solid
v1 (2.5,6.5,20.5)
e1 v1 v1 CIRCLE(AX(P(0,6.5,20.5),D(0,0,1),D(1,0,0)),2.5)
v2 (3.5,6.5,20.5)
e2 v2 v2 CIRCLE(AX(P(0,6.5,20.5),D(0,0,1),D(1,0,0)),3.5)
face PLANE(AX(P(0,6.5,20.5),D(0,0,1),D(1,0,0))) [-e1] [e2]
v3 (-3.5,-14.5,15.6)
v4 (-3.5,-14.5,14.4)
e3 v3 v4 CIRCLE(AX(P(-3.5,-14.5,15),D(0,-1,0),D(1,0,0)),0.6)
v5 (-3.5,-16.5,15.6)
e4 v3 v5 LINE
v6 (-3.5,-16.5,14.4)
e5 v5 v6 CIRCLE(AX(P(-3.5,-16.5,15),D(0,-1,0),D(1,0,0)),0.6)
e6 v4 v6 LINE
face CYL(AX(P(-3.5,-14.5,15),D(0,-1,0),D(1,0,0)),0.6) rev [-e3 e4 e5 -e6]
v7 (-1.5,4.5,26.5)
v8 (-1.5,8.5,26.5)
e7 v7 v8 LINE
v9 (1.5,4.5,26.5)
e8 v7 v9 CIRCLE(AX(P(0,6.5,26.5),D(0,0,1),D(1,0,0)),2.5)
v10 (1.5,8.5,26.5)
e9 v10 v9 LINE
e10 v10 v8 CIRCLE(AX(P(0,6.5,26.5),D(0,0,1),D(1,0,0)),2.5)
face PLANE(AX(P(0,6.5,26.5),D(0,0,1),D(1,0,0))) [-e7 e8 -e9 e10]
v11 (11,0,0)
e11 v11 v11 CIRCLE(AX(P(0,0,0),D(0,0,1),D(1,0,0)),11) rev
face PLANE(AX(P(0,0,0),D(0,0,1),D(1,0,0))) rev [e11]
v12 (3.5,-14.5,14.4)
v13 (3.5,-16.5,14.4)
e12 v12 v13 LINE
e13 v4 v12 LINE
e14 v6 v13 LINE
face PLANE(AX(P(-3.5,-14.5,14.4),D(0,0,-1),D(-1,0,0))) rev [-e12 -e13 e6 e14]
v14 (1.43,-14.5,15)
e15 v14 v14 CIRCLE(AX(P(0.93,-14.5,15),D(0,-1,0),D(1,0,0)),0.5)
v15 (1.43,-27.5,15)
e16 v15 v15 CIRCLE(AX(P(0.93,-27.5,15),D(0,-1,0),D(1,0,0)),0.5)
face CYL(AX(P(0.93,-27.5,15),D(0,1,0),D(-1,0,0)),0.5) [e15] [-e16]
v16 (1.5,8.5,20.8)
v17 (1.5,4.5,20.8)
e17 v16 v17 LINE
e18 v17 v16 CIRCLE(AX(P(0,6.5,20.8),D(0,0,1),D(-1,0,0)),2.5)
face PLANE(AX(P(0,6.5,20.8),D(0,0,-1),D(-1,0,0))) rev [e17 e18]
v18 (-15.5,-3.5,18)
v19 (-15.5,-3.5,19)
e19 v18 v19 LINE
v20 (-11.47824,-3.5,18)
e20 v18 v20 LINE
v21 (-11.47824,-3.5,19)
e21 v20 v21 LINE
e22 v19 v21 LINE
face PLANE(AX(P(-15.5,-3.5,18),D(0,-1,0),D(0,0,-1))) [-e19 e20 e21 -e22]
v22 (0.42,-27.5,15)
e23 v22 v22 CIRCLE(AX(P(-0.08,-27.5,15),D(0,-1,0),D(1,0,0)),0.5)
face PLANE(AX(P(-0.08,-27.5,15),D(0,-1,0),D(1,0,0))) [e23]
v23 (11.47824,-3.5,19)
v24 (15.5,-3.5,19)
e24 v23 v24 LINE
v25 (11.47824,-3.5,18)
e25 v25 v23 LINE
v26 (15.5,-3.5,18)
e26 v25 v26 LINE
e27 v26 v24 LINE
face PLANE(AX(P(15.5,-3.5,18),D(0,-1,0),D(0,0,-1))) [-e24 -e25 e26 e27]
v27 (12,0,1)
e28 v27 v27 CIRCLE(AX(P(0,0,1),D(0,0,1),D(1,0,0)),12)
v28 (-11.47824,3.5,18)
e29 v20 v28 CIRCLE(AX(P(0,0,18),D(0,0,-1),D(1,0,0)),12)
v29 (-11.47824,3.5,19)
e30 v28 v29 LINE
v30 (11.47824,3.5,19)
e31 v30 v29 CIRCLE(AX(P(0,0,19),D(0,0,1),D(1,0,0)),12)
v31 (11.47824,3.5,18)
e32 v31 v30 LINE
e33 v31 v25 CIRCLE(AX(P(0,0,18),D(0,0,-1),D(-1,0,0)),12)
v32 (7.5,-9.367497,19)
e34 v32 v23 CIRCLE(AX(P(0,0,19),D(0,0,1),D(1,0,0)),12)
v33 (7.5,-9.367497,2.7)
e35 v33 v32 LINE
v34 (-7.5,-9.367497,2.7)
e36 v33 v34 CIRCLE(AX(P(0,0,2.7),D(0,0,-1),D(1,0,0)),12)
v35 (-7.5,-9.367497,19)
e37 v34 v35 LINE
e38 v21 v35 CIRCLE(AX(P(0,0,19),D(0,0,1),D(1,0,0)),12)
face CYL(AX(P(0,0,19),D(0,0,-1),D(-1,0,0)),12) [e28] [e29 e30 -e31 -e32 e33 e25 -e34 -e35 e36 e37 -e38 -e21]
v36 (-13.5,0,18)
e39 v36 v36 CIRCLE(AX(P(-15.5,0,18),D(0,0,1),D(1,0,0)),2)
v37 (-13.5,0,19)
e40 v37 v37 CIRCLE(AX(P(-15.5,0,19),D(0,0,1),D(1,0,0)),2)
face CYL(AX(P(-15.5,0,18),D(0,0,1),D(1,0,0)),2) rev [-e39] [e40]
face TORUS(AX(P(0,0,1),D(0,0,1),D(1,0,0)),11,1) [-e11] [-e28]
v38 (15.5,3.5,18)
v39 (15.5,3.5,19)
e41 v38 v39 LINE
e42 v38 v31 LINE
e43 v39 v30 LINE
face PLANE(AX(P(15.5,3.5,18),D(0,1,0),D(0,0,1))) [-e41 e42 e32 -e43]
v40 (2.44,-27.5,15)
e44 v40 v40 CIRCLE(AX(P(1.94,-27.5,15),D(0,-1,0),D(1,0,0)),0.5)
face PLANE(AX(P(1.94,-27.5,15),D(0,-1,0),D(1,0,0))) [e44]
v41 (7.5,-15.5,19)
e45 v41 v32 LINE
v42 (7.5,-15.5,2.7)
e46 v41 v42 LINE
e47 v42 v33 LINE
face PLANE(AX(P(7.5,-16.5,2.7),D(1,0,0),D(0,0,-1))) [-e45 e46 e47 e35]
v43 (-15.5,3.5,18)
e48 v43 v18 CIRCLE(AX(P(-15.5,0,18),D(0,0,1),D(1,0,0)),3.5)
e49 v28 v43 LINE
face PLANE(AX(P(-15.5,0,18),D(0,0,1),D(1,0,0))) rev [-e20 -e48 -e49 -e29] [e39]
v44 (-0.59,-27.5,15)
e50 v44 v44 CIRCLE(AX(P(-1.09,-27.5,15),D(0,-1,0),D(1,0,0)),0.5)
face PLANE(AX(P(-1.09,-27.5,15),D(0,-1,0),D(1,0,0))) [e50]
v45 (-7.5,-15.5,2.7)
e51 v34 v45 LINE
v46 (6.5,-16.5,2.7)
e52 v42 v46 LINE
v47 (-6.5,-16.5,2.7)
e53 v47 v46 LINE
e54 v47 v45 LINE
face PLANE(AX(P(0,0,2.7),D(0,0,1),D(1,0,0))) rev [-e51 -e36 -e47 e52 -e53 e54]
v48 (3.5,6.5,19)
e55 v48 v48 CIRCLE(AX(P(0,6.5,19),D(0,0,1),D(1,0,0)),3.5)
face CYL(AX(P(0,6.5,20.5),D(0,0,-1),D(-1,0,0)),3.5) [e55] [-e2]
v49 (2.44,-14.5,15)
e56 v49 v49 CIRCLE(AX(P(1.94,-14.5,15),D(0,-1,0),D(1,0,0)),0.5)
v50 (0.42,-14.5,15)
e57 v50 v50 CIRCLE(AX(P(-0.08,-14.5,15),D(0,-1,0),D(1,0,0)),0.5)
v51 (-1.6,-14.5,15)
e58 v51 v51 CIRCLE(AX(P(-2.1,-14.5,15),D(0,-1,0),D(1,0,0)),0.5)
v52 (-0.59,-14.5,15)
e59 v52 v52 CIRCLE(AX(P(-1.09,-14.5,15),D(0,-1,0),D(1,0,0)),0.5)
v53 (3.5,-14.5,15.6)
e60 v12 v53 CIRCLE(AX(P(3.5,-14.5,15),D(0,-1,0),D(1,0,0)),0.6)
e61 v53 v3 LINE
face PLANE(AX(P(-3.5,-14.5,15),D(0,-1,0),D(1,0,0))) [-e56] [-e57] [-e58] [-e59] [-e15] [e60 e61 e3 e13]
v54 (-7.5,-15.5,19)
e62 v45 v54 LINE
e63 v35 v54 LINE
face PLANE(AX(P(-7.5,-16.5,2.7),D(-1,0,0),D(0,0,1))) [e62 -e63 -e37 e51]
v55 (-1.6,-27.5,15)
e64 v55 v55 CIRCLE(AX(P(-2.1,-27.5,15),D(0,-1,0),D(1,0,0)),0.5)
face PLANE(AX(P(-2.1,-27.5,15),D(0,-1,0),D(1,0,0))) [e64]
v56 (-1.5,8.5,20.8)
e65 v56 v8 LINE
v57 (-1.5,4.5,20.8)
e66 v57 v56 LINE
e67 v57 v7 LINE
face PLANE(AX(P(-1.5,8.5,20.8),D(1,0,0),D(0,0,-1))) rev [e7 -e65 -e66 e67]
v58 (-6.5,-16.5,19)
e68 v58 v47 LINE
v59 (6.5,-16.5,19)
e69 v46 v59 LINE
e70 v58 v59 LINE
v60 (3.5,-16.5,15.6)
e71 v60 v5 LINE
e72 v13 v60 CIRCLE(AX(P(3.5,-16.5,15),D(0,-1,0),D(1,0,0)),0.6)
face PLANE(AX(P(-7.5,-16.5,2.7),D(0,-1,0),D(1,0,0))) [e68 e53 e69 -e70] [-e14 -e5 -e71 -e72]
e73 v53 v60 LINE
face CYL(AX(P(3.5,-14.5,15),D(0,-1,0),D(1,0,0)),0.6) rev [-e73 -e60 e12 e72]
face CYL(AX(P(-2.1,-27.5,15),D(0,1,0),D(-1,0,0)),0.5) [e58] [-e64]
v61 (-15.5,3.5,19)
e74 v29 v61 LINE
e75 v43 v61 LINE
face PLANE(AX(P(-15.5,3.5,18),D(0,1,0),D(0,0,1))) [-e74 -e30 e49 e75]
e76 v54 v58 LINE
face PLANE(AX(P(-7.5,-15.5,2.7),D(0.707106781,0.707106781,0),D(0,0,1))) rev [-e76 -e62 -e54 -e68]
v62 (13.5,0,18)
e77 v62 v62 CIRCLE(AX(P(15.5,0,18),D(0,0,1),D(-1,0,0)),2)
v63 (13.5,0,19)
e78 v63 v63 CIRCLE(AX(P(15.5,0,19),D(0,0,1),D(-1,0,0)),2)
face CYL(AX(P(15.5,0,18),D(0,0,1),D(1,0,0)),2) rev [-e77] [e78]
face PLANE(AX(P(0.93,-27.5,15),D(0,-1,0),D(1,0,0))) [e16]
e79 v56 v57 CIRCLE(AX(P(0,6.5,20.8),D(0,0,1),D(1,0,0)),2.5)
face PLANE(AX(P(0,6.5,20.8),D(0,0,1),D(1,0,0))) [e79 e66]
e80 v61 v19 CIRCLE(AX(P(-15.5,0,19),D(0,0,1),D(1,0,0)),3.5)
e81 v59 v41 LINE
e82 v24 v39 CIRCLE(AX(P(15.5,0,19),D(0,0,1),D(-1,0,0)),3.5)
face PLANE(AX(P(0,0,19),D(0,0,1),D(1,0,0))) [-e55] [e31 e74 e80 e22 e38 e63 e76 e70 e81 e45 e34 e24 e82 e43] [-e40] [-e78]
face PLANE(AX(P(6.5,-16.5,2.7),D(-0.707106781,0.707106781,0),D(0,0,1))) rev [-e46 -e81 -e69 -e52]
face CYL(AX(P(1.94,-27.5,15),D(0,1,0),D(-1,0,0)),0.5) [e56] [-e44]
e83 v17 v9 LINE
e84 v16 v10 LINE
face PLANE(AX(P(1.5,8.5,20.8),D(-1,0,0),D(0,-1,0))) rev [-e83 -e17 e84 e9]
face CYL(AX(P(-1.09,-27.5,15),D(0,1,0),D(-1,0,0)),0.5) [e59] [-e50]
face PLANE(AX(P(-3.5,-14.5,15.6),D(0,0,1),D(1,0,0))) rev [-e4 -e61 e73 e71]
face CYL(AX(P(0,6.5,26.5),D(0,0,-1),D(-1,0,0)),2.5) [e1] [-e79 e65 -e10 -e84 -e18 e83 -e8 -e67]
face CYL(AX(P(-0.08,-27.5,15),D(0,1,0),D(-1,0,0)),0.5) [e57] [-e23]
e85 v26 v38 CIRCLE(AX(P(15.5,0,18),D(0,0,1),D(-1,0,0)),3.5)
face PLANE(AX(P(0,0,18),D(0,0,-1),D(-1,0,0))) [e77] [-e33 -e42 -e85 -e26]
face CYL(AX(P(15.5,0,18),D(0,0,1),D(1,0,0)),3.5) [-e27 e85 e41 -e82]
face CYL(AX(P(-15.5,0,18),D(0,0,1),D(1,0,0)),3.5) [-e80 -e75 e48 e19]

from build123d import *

# Parameters (mm, degrees)
SKETCH_1_R          = 12
EXTRUDE_1_DEPTH     = 19
EXTRUDE_START       = -1
SKETCH_2_R          = 2
EXTRUDE_2_DEPTH     = 1
SKETCH_3_R          = 3.5
EXTRUDE_3_DEPTH     = 1.5
SKETCH_4_R          = 2.5
EXTRUDE_4_DEPTH     = 6
CUT_EXTRUDE_START   = -5.7
CUT_EXTRUDE_1_DEPTH = 5.7
EXTRUDE_START_2     = -16.3
EXTRUDE_5_DEPTH     = 16.3
CHAMFER_1_SIZE      = 1
FILLET_1_R          = 1
CUT_EXTRUDE_2_DEPTH = 2
SKETCH_8_R          = 0.5
EXTRUDE_6_DEPTH     = 13


with BuildPart() as part:
    # Эскиз1 → Бобышка-Вытянуть1 (new body)
    with BuildSketch(Plane.XY):
        Circle(SKETCH_1_R)
    extrude(amount=EXTRUDE_1_DEPTH)

    # Эскиз2 → Бобышка-Вытянуть2 (add)
    # profile 1 of 2: a face of its own
    with BuildSketch(Plane.XY.offset(19).offset(EXTRUDE_START)):
        with BuildLine():
            Line((-15.5, 3.5), (-11.478240283, 3.5))
            ThreePointArc((-11.478240283, 3.5), (-12, 0), (-11.478240283, -3.5))
            Line((-11.478240283, -3.5), (-15.5, -3.5))
            ThreePointArc((-15.5, -3.5), (-19, 0), (-15.5, 3.5))
        make_face()
        with Locations((-15.5, 0)):
            Circle(SKETCH_2_R, mode=Mode.SUBTRACT)
    # profile 2 of 2: a face of its own
    with BuildSketch(Plane.XY.offset(19).offset(EXTRUDE_START)):
        with BuildLine():
            Line((15.5, -3.5), (11.478240283, -3.5))
            ThreePointArc((11.478240283, -3.5), (12, 0), (11.478240283, 3.5))
            Line((11.478240283, 3.5), (15.5, 3.5))
            ThreePointArc((15.5, 3.5), (19, 0), (15.5, -3.5))
        make_face()
        with Locations(Location((15.5, 0, 0), (0, 0, 180))):
            Circle(SKETCH_2_R, mode=Mode.SUBTRACT)
    extrude(amount=EXTRUDE_2_DEPTH)

    # Эскиз3 → Бобышка-Вытянуть3 (add)
    with BuildSketch(Plane.XY.offset(19)):
        with Locations((0, 6.5)):
            Circle(SKETCH_3_R)
    extrude(amount=EXTRUDE_3_DEPTH)

    # Эскиз4 → Бобышка-Вытянуть4 (add)
    with BuildSketch(Plane.XY.offset(20.5)):
        with Locations((0, 6.5)):
            Circle(SKETCH_4_R)
    extrude(amount=EXTRUDE_4_DEPTH)

    # Эскиз5 → Вырез-Вытянуть1 (cut)
    with BuildSketch(Plane.XY.offset(26.5).offset(CUT_EXTRUDE_START)):
        with BuildLine():
            Line((-1.5, 8.5), (-1.5, 4.5))
            ThreePointArc((-1.5, 4.5), (-2.5, 6.5), (-1.5, 8.5))
        make_face()
        with BuildLine():
            Line((1.5, 8.5), (1.5, 4.5))
            ThreePointArc((1.5, 4.5), (2.5, 6.5), (1.5, 8.5))
        make_face()
    extrude(amount=CUT_EXTRUDE_1_DEPTH, mode=Mode.SUBTRACT)

    # Эскиз6 → Бобышка-Вытянуть5 (add)
    with BuildSketch(Plane.XY.offset(19).offset(EXTRUDE_START_2)):
        with BuildLine():
            Line((-7.5, -16.5), (7.5, -16.5))
            Line((7.5, -16.5), (7.5, -9.367496998))
            ThreePointArc((7.5, -9.367496998), (0, -12), (-7.5, -9.367496998))
            Line((-7.5, -9.367496998), (-7.5, -16.5))
        make_face()
    extrude(amount=EXTRUDE_5_DEPTH)

    # Фаска1
    chamfer_1_edges = [part.edges().sort_by_distance(p)[0] for p in [
        (-7.5, -16.5, 10.85),
        (7.5, -16.5, 10.85),
    ]]
    chamfer(chamfer_1_edges, length=CHAMFER_1_SIZE)

    # Скругление1
    fillet_1_edges = [part.edges().sort_by_distance(p)[0] for p in [
        (-12, 0, 0),
    ]]
    fillet(fillet_1_edges, radius=FILLET_1_R)

    # Эскиз7 → Вырез-Вытянуть2 (cut)
    with BuildSketch(Plane.XZ.offset(16.5)):
        with BuildLine():
            Line((-3.5, 15.6), (3.5, 15.6))
            ThreePointArc((3.5, 15.6), (4.1, 15), (3.5, 14.4))
            Line((3.5, 14.4), (-3.5, 14.4))
            ThreePointArc((-3.5, 14.4), (-4.1, 15), (-3.5, 15.6))
        make_face()
    extrude(amount=-CUT_EXTRUDE_2_DEPTH, mode=Mode.SUBTRACT)

    # Эскиз8 → Бобышка-Вытянуть6 (add)
    with BuildSketch(Plane.XZ.offset(14.5)):
        with Locations((-2.1, 15)):
            Circle(SKETCH_8_R)
        with Locations((-1.09, 15)):
            Circle(SKETCH_8_R)
        with Locations((-0.08, 15)):
            Circle(SKETCH_8_R)
        with Locations((0.93, 15)):
            Circle(SKETCH_8_R)
        with Locations((1.94, 15)):
            Circle(SKETCH_8_R)
    extrude(amount=EXTRUDE_6_DEPTH)


solid = part.part
